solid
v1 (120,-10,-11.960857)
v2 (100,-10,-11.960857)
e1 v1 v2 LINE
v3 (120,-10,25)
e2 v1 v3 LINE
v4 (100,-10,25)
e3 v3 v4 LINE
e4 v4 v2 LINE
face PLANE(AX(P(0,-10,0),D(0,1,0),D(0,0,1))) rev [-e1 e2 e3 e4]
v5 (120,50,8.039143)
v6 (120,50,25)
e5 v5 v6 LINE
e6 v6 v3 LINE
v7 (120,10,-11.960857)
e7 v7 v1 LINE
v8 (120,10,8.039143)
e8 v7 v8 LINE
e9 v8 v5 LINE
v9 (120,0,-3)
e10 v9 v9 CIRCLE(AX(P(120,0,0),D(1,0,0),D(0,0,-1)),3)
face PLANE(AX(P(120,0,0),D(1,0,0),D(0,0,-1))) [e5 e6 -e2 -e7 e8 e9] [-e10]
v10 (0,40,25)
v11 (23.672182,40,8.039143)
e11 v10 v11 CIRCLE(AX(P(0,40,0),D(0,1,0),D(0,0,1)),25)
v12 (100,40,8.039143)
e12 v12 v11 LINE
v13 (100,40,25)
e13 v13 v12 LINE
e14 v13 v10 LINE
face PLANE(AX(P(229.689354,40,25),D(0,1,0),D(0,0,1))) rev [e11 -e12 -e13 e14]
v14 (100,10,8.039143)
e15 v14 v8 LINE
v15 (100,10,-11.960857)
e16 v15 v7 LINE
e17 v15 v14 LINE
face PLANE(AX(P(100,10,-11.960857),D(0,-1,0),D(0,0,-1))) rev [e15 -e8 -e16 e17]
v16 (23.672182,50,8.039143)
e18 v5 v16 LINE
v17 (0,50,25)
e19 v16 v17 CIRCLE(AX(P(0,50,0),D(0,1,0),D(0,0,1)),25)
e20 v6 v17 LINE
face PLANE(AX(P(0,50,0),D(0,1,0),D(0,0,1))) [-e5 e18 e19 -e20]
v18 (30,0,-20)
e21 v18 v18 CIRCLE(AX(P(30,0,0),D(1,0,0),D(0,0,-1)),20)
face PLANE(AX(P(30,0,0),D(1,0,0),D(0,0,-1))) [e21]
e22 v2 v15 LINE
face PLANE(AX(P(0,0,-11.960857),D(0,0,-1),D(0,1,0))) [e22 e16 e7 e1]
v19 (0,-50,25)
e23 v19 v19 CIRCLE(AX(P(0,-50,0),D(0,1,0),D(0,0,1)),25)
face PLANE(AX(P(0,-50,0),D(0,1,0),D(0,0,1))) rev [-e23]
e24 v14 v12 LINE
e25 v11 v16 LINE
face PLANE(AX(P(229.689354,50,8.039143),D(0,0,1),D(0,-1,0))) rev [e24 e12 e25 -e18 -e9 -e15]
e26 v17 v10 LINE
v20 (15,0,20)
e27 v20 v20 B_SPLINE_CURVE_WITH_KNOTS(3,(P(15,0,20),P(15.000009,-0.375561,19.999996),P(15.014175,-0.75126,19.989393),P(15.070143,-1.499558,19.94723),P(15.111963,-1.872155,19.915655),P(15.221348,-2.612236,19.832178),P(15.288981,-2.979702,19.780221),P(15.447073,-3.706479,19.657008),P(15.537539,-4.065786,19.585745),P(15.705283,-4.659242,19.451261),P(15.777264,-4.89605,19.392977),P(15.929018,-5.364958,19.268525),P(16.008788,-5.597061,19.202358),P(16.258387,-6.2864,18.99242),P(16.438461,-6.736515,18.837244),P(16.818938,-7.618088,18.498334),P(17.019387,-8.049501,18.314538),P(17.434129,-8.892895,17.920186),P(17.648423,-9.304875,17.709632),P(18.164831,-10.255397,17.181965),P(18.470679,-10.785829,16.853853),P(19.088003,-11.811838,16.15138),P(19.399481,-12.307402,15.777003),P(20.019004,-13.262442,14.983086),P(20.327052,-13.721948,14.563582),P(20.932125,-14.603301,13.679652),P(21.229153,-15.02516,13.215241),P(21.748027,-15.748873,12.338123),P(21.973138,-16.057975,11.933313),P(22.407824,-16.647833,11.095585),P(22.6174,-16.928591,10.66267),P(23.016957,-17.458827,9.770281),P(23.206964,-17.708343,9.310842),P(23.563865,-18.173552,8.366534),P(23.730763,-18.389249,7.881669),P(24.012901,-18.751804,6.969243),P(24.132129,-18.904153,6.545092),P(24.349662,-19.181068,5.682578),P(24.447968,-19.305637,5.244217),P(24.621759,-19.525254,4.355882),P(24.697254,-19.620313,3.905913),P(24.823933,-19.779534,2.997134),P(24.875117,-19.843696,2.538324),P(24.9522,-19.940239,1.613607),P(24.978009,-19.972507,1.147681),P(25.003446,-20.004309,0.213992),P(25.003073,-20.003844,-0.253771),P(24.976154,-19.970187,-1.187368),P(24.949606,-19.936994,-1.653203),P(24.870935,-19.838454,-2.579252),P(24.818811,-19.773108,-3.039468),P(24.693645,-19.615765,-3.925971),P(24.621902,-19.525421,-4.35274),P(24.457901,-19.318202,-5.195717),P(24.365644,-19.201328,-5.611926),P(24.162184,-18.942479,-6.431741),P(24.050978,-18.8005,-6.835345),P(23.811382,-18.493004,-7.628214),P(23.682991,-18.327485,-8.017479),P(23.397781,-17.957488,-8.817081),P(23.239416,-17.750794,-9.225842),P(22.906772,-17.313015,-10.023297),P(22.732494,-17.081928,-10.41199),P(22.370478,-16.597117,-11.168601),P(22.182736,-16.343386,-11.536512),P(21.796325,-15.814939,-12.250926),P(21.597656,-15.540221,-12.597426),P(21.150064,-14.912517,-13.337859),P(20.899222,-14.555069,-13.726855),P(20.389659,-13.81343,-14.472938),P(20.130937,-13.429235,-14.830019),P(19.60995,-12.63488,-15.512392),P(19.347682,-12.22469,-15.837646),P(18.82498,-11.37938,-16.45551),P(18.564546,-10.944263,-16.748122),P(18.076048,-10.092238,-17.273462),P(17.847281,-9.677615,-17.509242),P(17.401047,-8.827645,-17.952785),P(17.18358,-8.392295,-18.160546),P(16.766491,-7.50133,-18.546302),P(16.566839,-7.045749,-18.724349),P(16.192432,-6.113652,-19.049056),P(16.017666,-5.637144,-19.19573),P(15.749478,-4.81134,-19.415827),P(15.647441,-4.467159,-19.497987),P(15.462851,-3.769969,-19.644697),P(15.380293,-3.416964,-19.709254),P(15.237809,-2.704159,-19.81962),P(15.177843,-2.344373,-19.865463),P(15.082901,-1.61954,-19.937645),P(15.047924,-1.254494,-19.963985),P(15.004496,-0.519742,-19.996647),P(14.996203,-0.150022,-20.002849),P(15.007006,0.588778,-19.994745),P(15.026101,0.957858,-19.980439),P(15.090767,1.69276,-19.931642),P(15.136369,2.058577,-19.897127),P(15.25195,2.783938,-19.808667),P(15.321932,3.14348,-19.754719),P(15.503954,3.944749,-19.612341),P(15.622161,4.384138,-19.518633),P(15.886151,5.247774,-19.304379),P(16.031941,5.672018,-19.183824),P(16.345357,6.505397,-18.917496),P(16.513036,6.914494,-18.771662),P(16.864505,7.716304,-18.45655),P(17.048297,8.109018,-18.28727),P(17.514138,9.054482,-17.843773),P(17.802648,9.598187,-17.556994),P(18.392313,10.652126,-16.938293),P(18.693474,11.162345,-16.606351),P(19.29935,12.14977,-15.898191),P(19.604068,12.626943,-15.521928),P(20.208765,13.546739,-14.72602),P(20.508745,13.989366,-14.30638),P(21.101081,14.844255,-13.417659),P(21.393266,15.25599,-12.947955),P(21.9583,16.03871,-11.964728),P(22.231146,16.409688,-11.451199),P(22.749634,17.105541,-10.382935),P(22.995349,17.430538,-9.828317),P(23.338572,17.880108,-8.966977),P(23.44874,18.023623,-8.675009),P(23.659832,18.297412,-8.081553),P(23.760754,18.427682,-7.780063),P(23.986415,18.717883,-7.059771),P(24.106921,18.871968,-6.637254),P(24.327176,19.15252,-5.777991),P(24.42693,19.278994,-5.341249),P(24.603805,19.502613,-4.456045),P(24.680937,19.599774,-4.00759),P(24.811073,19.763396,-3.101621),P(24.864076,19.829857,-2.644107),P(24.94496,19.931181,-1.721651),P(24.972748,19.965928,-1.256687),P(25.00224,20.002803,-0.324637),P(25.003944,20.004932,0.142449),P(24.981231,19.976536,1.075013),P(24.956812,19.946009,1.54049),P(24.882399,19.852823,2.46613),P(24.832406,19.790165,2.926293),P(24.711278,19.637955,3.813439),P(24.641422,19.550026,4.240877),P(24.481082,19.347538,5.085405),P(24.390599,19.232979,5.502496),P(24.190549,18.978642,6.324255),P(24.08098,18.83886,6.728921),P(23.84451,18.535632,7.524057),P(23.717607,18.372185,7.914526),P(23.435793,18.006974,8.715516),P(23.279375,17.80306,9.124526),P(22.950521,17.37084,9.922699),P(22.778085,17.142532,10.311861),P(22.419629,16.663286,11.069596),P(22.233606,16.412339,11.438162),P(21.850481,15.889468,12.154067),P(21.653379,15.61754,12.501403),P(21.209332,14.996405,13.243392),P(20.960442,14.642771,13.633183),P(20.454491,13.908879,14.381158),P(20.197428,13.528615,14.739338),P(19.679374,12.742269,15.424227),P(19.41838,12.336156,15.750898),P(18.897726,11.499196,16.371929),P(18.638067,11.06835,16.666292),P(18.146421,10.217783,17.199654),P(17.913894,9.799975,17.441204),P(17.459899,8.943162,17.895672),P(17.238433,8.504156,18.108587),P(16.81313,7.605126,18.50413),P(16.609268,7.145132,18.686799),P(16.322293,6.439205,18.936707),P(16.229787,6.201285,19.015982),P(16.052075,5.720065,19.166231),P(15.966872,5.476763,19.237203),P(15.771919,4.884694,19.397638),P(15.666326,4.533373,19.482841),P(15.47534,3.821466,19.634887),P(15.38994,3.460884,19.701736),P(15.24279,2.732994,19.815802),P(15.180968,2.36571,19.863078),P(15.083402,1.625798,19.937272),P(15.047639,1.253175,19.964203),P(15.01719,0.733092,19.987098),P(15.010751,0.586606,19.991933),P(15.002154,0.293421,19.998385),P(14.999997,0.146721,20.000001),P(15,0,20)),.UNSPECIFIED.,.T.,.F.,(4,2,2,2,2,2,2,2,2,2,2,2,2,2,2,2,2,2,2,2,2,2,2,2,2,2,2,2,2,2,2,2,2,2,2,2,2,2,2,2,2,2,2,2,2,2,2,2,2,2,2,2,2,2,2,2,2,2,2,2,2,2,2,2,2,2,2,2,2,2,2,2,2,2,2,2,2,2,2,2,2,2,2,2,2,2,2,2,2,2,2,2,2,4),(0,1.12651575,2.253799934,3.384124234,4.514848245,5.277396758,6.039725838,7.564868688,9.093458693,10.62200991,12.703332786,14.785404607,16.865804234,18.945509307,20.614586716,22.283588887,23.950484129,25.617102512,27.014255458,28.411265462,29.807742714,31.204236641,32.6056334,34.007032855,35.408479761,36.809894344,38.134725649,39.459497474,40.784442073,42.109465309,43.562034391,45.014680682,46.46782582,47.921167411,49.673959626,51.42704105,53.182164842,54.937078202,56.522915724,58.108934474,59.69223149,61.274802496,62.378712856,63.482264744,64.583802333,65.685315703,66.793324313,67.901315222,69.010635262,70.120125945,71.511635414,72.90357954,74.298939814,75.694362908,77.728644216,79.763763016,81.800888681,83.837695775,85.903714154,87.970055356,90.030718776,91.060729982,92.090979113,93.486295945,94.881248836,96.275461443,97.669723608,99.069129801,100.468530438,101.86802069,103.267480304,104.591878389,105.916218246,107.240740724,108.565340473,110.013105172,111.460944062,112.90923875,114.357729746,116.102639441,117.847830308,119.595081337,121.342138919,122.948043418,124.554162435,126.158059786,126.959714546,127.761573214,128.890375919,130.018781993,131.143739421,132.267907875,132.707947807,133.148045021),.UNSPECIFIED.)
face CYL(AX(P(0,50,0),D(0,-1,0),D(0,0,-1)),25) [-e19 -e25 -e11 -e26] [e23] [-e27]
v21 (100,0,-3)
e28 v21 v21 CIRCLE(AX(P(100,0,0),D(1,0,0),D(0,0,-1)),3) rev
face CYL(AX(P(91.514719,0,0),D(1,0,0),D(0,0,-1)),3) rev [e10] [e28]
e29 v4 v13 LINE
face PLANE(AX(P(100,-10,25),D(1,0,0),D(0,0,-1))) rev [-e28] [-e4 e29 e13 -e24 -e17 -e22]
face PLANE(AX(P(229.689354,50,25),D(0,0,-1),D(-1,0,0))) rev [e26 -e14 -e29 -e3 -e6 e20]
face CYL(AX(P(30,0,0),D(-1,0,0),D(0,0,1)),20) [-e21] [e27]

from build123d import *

# Parameters (mm, degrees)
SKETCH1_R           = 25
BOSS_EXTRUDE1_DEPTH = 50
SKETCH2_R           = 20
BOSS_EXTRUDE2_DEPTH = 30
SKETCH3_W           = 16.960857005
SKETCH3_H           = 10
BOSS_EXTRUDE3_DEPTH = 120
SKETCH4_W           = 20
SKETCH4_H           = 16.960857005
BOSS_EXTRUDE4_DEPTH = 50
SKETCH5_W           = 20
SKETCH5_H           = 20
BOSS_EXTRUDE5_DEPTH = 20
SKETCH6_R           = 3
CUT_EXTRUDE1_DEPTH  = 20


with BuildPart() as part:
    # Sketch1 → Boss-Extrude1 (new, symmetric)
    with BuildSketch(Plane(origin=(0, 0, 0), x_dir=(1, 0, 0), z_dir=(0, 1, 0))):
        with Locations(Location((0, 0, 0), (0, 0, 270))):
            Circle(SKETCH1_R)
    extrude(amount=BOSS_EXTRUDE1_DEPTH, both=True)

    # Sketch2 → Boss-Extrude2 (add)
    with BuildSketch(Plane(origin=(0, 0, 0), x_dir=(0, 0, -1), z_dir=(1, 0, 0))):
        with Locations(Location((0, 0, 0), (0, 0, 180))):
            Circle(SKETCH2_R)
    extrude(amount=BOSS_EXTRUDE2_DEPTH)

    # Sketch3 → Boss-Extrude3 (add)
    with BuildSketch(Plane(origin=(0, 0, 0), x_dir=(0, 0, -1), z_dir=(1, 0, 0))):
        with Locations((-16.519571497, 45)):
            Rectangle(SKETCH3_W, SKETCH3_H)
    extrude(amount=BOSS_EXTRUDE3_DEPTH)

    # Sketch4 → Boss-Extrude4 (add)
    with BuildSketch(Plane.XZ.offset(-40)):
        with Locations((110, 16.519571497)):
            Rectangle(SKETCH4_W, SKETCH4_H)
    extrude(amount=BOSS_EXTRUDE4_DEPTH)

    # Sketch5 → Boss-Extrude5 (add)
    with BuildSketch(Plane(origin=(0, 0, 8.039142995), x_dir=(-1, 0, 0), z_dir=(0, 0, -1))):
        with Locations((-110, 0)):
            Rectangle(SKETCH5_W, SKETCH5_H)
    extrude(amount=BOSS_EXTRUDE5_DEPTH)

    # Sketch6 → Cut-Extrude1 (cut)
    with BuildSketch(Plane(origin=(120, 0, 0), x_dir=(0, 0, -1), z_dir=(1, 0, 0))):
        Circle(SKETCH6_R)
    extrude(amount=-CUT_EXTRUDE1_DEPTH, mode=Mode.SUBTRACT)


solid = part.part
